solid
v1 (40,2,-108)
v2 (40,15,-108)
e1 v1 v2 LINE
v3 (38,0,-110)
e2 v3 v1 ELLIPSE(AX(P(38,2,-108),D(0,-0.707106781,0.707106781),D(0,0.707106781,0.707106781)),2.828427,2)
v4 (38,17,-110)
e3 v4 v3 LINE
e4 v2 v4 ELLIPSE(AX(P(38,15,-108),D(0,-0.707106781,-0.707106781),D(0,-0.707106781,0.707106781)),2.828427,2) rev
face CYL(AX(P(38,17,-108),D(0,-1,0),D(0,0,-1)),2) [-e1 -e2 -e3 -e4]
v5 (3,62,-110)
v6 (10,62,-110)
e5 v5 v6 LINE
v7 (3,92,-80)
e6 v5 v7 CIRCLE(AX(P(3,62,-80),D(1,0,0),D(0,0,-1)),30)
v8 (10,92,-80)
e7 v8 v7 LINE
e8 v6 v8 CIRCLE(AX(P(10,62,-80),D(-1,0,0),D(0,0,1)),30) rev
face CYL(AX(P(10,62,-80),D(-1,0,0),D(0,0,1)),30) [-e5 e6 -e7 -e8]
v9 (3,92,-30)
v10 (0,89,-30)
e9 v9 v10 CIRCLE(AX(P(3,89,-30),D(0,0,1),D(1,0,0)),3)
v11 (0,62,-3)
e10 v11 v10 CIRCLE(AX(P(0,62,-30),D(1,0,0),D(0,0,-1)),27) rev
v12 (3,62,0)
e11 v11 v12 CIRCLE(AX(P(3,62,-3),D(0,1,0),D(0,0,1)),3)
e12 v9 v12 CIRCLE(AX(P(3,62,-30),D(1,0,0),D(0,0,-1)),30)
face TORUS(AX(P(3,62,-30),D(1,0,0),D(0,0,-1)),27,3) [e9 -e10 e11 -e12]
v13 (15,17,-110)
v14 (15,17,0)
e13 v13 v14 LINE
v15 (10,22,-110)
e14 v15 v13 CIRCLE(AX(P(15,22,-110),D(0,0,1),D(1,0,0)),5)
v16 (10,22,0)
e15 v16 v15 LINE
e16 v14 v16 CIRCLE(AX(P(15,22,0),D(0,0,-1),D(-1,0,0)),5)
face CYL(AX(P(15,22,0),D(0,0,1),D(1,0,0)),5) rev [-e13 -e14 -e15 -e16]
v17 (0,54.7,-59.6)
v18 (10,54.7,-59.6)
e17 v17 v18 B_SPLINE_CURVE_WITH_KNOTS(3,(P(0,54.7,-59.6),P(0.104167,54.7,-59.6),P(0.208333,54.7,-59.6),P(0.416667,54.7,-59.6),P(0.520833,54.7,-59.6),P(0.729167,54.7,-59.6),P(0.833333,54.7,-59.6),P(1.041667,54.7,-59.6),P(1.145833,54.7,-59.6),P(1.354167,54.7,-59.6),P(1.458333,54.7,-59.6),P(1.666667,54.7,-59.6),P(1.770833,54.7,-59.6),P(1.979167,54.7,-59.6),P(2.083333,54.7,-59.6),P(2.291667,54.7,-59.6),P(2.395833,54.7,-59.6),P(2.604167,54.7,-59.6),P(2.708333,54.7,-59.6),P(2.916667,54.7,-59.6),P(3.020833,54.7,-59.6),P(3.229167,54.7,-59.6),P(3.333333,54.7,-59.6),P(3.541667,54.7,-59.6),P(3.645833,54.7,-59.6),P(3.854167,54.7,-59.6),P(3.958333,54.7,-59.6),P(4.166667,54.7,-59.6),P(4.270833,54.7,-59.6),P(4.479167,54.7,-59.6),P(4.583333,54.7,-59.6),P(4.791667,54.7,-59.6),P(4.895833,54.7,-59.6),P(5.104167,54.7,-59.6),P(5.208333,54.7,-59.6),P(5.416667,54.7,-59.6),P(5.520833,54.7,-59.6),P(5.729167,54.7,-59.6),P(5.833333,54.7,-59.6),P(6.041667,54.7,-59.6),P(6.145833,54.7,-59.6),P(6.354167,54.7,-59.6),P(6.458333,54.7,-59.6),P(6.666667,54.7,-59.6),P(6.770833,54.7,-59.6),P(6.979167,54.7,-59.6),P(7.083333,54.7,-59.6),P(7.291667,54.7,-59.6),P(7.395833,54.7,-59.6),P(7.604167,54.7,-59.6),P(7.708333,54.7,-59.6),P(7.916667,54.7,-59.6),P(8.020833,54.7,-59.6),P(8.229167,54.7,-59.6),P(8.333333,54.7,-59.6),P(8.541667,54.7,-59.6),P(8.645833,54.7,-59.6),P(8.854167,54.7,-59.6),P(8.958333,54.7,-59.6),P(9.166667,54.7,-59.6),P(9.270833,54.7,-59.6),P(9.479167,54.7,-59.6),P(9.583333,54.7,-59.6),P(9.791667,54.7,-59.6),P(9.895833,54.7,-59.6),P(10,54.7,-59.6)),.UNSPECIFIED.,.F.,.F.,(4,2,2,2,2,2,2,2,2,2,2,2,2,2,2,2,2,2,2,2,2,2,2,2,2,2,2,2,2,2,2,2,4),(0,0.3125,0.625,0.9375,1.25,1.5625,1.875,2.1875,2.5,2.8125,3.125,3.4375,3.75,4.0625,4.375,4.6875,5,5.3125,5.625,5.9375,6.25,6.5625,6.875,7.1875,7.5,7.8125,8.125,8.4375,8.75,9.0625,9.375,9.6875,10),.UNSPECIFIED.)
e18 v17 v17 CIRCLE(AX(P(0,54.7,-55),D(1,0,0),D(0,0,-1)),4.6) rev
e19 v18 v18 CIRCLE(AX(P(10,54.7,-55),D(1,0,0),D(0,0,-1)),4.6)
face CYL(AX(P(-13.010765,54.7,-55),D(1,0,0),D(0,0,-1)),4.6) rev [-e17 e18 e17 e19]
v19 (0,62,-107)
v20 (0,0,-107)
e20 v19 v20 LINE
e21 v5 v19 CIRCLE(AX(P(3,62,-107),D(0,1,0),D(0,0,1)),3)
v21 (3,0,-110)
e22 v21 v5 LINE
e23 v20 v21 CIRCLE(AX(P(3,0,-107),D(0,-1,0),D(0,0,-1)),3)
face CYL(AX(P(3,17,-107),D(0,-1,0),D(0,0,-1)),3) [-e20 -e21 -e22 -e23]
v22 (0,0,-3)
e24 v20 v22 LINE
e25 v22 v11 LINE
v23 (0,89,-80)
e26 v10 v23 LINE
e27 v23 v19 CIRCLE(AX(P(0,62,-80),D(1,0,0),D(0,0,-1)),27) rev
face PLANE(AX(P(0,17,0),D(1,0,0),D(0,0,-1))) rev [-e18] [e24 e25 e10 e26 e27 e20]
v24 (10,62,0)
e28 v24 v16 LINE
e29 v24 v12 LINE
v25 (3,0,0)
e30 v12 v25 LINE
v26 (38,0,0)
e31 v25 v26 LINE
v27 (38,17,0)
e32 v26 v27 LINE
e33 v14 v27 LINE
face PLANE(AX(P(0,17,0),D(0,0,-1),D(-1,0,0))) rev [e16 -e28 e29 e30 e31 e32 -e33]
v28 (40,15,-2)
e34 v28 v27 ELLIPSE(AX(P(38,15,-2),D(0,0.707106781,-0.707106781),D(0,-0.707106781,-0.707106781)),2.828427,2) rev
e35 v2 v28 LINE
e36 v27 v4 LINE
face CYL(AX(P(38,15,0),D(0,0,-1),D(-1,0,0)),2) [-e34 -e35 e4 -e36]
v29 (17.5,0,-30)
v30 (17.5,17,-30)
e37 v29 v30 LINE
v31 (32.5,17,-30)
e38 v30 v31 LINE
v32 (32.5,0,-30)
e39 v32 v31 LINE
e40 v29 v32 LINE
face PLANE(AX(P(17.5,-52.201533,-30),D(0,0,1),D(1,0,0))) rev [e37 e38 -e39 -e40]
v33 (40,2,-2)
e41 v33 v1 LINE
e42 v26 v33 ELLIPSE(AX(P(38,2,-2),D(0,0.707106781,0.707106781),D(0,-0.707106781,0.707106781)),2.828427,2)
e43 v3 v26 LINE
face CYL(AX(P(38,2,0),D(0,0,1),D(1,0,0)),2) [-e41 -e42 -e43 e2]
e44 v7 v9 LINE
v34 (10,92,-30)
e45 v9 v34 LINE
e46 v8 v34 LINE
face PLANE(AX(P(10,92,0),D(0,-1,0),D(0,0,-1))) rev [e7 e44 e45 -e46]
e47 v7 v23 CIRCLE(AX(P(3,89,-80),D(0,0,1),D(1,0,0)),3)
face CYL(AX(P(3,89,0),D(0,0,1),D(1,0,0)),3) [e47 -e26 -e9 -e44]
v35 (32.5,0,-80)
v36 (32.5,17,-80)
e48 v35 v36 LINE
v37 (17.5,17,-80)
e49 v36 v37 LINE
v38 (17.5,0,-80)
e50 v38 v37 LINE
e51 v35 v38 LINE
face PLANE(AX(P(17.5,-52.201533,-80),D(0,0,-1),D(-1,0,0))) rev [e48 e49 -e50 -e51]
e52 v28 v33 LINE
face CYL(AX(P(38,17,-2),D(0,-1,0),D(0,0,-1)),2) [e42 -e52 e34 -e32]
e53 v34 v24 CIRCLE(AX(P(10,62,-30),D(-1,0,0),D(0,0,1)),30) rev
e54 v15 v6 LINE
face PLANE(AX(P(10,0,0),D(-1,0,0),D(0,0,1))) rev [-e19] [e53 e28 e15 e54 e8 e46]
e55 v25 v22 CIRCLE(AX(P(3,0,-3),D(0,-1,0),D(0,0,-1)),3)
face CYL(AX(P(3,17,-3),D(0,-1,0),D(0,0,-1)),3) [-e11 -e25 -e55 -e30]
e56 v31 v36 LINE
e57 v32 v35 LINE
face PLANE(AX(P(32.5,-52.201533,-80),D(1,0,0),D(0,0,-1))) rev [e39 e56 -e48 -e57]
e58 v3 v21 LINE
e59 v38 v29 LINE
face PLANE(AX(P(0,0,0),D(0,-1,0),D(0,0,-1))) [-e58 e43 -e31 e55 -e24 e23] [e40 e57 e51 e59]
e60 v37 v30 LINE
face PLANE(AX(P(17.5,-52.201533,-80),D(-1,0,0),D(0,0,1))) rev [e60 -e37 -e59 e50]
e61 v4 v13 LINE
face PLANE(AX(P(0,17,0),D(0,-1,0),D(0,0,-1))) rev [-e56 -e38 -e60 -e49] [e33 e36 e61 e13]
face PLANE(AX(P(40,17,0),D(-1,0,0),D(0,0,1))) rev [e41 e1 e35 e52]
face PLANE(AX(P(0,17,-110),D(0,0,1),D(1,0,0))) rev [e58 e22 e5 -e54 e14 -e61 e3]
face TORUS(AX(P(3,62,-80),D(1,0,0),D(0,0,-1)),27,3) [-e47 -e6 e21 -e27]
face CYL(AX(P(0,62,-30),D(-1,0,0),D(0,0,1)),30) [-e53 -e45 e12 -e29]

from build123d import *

# Parameters (mm, degrees)
SKETCH1_W           = 40
SKETCH1_H           = 110
BOSS_EXTRUDE1_DEPTH = 17
SKETCH4_W           = 110
SKETCH4_H           = 75
BOSS_EXTRUDE2_DEPTH = 10
SKETCH5_W           = 15
SKETCH5_H           = 50
CUT_EXTRUDE1_DEPTH  = 17
SKETCH6_R           = 4.6
CUT_EXTRUDE2_DEPTH  = 10
FILLET1_R           = 30
FILLET2_R           = 3
FILLET3_R           = 5
FILLET4_R           = 2


with BuildPart() as part:
    # Sketch1 → Boss-Extrude1 (new body)
    with BuildSketch(Plane(origin=(0, 0, 0), x_dir=(1, 0, 0), z_dir=(0, 1, 0))):
        with Locations((20, 55)):
            Rectangle(SKETCH1_W, SKETCH1_H)
    extrude(amount=BOSS_EXTRUDE1_DEPTH)

    # Sketch4 → Boss-Extrude2 (add)
    with BuildSketch(Plane(origin=(0, 0, 0), x_dir=(0, 0, -1), z_dir=(1, 0, 0))):
        with Locations((55, 54.5)):
            Rectangle(SKETCH4_W, SKETCH4_H)
    extrude(amount=BOSS_EXTRUDE2_DEPTH)

    # Sketch5 → Cut-Extrude1 (cut)
    with BuildSketch(Plane(origin=(0, 17, 0), x_dir=(1, 0, 0), z_dir=(0, 1, 0))):
        with Locations((25, 55)):
            Rectangle(SKETCH5_W, SKETCH5_H)
    extrude(amount=-CUT_EXTRUDE1_DEPTH, mode=Mode.SUBTRACT)

    # Sketch6 → Cut-Extrude2 (cut)
    with BuildSketch(Plane(origin=(10, 0, 0), x_dir=(0, 0, -1), z_dir=(1, 0, 0))):
        with Locations((55, 54.7)):
            Circle(SKETCH6_R)
    extrude(amount=-CUT_EXTRUDE2_DEPTH, mode=Mode.SUBTRACT)

    # Fillet1
    fillet1_edges = [part.edges().sort_by_distance(p)[0] for p in [
        (5, 92, 0),
        (5, 92, -110),
    ]]
    fillet(fillet1_edges, radius=FILLET1_R)

    # Fillet2
    fillet2_edges = [part.edges().sort_by_distance(p)[0] for p in [
        (0, 31, 0),
        (0, 92, -55),
        (0, 31, -110),
        (0, 83.213203436, -101.213203436),
        (0, 83.213203436, -8.786796564),
    ]]
    fillet(fillet2_edges, radius=FILLET2_R)

    # Fillet3
    fillet3_edges = [part.edges().sort_by_distance(p)[0] for p in [
        (10, 17, -55),
    ]]
    fillet(fillet3_edges, radius=FILLET3_R)

    # Fillet4
    fillet4_edges = [part.edges().sort_by_distance(p)[0] for p in [
        (40, 17, -55),
        (40, 0, -55),
        (40, 8.5, -110),
        (40, 8.5, 0),
    ]]
    fillet(fillet4_edges, radius=FILLET4_R)


solid = part.part
